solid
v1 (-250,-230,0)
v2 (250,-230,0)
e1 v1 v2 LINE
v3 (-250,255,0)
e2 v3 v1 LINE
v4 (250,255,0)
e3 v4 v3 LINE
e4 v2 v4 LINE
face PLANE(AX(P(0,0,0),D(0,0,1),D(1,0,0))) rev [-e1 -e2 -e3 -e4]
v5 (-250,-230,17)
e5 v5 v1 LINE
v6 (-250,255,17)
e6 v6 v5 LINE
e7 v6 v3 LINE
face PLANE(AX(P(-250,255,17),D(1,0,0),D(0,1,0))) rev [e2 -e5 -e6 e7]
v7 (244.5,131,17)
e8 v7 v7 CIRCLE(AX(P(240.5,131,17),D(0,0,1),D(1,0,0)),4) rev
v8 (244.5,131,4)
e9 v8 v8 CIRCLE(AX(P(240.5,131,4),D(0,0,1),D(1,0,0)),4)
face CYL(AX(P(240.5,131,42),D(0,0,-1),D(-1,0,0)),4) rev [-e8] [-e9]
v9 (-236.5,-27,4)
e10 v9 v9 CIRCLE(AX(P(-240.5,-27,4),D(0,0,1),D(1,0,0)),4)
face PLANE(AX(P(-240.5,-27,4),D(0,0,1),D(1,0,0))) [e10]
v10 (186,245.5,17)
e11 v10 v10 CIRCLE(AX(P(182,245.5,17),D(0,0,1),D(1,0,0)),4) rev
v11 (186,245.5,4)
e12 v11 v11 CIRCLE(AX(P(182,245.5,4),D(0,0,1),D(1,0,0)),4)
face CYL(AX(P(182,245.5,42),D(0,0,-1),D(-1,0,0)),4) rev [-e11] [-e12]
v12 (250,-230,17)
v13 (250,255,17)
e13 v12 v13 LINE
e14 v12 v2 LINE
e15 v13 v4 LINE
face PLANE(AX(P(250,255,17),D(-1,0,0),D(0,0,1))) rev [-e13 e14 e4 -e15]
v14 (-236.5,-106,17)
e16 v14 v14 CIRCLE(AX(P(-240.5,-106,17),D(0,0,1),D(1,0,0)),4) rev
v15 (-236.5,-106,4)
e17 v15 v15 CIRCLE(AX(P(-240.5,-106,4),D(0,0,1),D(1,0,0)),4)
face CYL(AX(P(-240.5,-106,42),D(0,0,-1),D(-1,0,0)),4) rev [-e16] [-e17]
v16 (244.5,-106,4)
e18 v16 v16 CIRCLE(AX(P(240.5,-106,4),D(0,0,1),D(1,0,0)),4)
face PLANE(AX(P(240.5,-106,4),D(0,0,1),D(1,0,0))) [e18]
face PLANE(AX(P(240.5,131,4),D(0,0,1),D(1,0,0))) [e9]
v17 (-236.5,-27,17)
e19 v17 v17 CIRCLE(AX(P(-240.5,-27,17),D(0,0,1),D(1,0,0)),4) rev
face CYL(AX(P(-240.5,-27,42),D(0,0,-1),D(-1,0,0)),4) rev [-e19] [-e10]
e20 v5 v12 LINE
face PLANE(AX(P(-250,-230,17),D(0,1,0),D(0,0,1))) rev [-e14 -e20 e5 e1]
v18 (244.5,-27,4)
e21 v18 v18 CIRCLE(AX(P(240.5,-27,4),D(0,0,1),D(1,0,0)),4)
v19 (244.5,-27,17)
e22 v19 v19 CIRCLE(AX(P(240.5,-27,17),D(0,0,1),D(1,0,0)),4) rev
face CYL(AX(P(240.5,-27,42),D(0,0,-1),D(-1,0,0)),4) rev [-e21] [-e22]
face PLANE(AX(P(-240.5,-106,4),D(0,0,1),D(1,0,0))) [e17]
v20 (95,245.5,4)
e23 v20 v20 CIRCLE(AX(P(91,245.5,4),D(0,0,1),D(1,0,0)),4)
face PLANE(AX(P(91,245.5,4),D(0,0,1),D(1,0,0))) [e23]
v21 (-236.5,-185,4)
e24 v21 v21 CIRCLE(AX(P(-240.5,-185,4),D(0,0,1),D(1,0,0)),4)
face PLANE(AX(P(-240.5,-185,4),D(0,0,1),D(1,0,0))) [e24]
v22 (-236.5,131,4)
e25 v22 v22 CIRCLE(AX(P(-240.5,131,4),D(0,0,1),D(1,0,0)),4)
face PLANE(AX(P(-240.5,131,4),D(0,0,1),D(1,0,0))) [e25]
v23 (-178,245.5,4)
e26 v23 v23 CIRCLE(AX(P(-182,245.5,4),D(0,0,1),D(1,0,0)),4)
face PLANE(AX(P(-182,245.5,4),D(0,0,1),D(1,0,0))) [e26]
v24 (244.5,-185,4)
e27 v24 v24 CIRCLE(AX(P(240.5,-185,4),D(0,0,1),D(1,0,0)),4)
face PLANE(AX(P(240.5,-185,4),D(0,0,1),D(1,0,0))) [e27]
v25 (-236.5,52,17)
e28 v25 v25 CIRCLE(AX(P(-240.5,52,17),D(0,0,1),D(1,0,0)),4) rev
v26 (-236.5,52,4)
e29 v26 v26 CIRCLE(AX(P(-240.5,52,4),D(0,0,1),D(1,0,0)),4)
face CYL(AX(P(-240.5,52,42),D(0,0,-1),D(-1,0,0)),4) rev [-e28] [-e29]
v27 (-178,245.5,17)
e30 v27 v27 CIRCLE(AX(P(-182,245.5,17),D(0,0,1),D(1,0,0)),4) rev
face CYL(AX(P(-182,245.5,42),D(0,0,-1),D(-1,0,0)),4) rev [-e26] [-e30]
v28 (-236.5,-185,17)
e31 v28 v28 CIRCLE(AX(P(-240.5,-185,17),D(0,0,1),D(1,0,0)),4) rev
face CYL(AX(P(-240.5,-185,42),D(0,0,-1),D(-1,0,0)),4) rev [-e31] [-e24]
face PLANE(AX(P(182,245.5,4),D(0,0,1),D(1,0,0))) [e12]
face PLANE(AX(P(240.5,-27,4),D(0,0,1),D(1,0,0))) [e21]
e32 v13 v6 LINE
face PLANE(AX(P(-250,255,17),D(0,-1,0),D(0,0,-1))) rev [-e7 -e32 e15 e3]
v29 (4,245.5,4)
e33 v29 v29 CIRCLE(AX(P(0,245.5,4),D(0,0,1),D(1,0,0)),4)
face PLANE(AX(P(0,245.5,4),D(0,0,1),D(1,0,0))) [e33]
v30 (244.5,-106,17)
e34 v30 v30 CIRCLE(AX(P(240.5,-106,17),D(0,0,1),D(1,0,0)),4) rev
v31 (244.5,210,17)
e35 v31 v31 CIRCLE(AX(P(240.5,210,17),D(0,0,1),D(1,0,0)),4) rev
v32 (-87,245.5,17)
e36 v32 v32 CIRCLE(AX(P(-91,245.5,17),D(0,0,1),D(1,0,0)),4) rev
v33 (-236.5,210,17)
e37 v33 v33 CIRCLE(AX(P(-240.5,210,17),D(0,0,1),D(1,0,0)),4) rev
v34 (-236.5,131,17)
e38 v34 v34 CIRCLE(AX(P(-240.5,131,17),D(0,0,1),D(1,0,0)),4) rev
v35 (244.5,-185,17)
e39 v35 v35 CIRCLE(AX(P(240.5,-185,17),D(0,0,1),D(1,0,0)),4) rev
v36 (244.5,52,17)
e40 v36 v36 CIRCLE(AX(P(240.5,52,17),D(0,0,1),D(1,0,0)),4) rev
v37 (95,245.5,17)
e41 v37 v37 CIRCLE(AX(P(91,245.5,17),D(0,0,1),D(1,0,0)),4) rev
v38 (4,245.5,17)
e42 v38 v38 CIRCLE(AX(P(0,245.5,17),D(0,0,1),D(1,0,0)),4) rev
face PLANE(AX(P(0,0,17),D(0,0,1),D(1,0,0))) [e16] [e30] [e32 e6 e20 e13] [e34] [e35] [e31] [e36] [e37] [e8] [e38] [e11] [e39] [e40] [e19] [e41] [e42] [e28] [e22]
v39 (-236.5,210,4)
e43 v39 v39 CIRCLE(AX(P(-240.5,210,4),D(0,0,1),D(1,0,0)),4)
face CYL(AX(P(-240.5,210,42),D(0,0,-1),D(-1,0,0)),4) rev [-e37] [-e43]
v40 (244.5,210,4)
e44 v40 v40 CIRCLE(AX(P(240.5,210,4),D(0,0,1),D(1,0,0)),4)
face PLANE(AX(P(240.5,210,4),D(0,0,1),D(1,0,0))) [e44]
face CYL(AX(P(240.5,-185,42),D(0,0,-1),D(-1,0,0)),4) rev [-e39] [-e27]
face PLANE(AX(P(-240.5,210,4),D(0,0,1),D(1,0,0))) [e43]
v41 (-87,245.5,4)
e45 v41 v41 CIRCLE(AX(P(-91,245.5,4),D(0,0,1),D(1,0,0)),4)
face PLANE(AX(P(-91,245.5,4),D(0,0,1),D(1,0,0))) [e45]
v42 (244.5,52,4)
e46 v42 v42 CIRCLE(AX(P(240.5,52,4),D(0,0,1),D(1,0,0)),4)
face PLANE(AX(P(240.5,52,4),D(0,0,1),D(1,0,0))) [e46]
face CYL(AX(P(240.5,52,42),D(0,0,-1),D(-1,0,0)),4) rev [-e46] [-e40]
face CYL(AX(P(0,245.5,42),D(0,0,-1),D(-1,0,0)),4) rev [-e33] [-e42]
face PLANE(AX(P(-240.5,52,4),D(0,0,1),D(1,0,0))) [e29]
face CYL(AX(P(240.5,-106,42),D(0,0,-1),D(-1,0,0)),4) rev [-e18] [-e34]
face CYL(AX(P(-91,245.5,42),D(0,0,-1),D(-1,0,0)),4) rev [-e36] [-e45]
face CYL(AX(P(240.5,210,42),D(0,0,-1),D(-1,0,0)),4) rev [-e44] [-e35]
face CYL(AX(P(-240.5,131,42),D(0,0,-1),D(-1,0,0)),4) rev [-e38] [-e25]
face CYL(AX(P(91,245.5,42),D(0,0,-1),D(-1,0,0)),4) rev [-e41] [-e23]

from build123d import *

# Parameters (mm, degrees)
SKETCH1_W               = 500
SKETCH1_H               = 485
BOSS_EXTRUDE1_DEPTH     = 17
CUT_EXTRUDE1_DEPTH      = 25
CUT_EXTRUDE1_DEPTH_BACK = 13
SKETCH2_R               = 4


with BuildPart() as part:
    # Sketch1 → Boss-Extrude1 (new body)
    with BuildSketch(Plane.XY):
        with Locations((0, 12.5)):
            Rectangle(SKETCH1_W, SKETCH1_H)
    extrude(amount=BOSS_EXTRUDE1_DEPTH)

    # Sketch2 → Cut-Extrude1 (cut, two sides: drawn at the far end of the back side and taken through both)
    with BuildSketch(Plane.XY.offset(17).offset(-CUT_EXTRUDE1_DEPTH_BACK)):
        with Locations((240.5, 210)):
            Circle(SKETCH2_R)
        with Locations((182, 245.5)):
            Circle(SKETCH2_R)
        with Locations((-240.5, 210)):
            Circle(SKETCH2_R)
        with Locations((-240.5, 131)):
            Circle(SKETCH2_R)
        with Locations((240.5, 131)):
            Circle(SKETCH2_R)
        with Locations((-240.5, 52)):
            Circle(SKETCH2_R)
        with Locations((240.5, 52)):
            Circle(SKETCH2_R)
        with Locations((-240.5, -27)):
            Circle(SKETCH2_R)
        with Locations((240.5, -27)):
            Circle(SKETCH2_R)
        with Locations((-240.5, -106)):
            Circle(SKETCH2_R)
        with Locations((240.5, -106)):
            Circle(SKETCH2_R)
        with Locations((-182, 245.5)):
            Circle(SKETCH2_R)
        with Locations((-240.5, -185)):
            Circle(SKETCH2_R)
        with Locations((91, 245.5)):
            Circle(SKETCH2_R)
        with Locations((0, 245.5)):
            Circle(SKETCH2_R)
        with Locations((-91, 245.5)):
            Circle(SKETCH2_R)
        with Locations((240.5, -185)):
            Circle(SKETCH2_R)
    extrude(amount=CUT_EXTRUDE1_DEPTH + CUT_EXTRUDE1_DEPTH_BACK, mode=Mode.SUBTRACT)


solid = part.part
